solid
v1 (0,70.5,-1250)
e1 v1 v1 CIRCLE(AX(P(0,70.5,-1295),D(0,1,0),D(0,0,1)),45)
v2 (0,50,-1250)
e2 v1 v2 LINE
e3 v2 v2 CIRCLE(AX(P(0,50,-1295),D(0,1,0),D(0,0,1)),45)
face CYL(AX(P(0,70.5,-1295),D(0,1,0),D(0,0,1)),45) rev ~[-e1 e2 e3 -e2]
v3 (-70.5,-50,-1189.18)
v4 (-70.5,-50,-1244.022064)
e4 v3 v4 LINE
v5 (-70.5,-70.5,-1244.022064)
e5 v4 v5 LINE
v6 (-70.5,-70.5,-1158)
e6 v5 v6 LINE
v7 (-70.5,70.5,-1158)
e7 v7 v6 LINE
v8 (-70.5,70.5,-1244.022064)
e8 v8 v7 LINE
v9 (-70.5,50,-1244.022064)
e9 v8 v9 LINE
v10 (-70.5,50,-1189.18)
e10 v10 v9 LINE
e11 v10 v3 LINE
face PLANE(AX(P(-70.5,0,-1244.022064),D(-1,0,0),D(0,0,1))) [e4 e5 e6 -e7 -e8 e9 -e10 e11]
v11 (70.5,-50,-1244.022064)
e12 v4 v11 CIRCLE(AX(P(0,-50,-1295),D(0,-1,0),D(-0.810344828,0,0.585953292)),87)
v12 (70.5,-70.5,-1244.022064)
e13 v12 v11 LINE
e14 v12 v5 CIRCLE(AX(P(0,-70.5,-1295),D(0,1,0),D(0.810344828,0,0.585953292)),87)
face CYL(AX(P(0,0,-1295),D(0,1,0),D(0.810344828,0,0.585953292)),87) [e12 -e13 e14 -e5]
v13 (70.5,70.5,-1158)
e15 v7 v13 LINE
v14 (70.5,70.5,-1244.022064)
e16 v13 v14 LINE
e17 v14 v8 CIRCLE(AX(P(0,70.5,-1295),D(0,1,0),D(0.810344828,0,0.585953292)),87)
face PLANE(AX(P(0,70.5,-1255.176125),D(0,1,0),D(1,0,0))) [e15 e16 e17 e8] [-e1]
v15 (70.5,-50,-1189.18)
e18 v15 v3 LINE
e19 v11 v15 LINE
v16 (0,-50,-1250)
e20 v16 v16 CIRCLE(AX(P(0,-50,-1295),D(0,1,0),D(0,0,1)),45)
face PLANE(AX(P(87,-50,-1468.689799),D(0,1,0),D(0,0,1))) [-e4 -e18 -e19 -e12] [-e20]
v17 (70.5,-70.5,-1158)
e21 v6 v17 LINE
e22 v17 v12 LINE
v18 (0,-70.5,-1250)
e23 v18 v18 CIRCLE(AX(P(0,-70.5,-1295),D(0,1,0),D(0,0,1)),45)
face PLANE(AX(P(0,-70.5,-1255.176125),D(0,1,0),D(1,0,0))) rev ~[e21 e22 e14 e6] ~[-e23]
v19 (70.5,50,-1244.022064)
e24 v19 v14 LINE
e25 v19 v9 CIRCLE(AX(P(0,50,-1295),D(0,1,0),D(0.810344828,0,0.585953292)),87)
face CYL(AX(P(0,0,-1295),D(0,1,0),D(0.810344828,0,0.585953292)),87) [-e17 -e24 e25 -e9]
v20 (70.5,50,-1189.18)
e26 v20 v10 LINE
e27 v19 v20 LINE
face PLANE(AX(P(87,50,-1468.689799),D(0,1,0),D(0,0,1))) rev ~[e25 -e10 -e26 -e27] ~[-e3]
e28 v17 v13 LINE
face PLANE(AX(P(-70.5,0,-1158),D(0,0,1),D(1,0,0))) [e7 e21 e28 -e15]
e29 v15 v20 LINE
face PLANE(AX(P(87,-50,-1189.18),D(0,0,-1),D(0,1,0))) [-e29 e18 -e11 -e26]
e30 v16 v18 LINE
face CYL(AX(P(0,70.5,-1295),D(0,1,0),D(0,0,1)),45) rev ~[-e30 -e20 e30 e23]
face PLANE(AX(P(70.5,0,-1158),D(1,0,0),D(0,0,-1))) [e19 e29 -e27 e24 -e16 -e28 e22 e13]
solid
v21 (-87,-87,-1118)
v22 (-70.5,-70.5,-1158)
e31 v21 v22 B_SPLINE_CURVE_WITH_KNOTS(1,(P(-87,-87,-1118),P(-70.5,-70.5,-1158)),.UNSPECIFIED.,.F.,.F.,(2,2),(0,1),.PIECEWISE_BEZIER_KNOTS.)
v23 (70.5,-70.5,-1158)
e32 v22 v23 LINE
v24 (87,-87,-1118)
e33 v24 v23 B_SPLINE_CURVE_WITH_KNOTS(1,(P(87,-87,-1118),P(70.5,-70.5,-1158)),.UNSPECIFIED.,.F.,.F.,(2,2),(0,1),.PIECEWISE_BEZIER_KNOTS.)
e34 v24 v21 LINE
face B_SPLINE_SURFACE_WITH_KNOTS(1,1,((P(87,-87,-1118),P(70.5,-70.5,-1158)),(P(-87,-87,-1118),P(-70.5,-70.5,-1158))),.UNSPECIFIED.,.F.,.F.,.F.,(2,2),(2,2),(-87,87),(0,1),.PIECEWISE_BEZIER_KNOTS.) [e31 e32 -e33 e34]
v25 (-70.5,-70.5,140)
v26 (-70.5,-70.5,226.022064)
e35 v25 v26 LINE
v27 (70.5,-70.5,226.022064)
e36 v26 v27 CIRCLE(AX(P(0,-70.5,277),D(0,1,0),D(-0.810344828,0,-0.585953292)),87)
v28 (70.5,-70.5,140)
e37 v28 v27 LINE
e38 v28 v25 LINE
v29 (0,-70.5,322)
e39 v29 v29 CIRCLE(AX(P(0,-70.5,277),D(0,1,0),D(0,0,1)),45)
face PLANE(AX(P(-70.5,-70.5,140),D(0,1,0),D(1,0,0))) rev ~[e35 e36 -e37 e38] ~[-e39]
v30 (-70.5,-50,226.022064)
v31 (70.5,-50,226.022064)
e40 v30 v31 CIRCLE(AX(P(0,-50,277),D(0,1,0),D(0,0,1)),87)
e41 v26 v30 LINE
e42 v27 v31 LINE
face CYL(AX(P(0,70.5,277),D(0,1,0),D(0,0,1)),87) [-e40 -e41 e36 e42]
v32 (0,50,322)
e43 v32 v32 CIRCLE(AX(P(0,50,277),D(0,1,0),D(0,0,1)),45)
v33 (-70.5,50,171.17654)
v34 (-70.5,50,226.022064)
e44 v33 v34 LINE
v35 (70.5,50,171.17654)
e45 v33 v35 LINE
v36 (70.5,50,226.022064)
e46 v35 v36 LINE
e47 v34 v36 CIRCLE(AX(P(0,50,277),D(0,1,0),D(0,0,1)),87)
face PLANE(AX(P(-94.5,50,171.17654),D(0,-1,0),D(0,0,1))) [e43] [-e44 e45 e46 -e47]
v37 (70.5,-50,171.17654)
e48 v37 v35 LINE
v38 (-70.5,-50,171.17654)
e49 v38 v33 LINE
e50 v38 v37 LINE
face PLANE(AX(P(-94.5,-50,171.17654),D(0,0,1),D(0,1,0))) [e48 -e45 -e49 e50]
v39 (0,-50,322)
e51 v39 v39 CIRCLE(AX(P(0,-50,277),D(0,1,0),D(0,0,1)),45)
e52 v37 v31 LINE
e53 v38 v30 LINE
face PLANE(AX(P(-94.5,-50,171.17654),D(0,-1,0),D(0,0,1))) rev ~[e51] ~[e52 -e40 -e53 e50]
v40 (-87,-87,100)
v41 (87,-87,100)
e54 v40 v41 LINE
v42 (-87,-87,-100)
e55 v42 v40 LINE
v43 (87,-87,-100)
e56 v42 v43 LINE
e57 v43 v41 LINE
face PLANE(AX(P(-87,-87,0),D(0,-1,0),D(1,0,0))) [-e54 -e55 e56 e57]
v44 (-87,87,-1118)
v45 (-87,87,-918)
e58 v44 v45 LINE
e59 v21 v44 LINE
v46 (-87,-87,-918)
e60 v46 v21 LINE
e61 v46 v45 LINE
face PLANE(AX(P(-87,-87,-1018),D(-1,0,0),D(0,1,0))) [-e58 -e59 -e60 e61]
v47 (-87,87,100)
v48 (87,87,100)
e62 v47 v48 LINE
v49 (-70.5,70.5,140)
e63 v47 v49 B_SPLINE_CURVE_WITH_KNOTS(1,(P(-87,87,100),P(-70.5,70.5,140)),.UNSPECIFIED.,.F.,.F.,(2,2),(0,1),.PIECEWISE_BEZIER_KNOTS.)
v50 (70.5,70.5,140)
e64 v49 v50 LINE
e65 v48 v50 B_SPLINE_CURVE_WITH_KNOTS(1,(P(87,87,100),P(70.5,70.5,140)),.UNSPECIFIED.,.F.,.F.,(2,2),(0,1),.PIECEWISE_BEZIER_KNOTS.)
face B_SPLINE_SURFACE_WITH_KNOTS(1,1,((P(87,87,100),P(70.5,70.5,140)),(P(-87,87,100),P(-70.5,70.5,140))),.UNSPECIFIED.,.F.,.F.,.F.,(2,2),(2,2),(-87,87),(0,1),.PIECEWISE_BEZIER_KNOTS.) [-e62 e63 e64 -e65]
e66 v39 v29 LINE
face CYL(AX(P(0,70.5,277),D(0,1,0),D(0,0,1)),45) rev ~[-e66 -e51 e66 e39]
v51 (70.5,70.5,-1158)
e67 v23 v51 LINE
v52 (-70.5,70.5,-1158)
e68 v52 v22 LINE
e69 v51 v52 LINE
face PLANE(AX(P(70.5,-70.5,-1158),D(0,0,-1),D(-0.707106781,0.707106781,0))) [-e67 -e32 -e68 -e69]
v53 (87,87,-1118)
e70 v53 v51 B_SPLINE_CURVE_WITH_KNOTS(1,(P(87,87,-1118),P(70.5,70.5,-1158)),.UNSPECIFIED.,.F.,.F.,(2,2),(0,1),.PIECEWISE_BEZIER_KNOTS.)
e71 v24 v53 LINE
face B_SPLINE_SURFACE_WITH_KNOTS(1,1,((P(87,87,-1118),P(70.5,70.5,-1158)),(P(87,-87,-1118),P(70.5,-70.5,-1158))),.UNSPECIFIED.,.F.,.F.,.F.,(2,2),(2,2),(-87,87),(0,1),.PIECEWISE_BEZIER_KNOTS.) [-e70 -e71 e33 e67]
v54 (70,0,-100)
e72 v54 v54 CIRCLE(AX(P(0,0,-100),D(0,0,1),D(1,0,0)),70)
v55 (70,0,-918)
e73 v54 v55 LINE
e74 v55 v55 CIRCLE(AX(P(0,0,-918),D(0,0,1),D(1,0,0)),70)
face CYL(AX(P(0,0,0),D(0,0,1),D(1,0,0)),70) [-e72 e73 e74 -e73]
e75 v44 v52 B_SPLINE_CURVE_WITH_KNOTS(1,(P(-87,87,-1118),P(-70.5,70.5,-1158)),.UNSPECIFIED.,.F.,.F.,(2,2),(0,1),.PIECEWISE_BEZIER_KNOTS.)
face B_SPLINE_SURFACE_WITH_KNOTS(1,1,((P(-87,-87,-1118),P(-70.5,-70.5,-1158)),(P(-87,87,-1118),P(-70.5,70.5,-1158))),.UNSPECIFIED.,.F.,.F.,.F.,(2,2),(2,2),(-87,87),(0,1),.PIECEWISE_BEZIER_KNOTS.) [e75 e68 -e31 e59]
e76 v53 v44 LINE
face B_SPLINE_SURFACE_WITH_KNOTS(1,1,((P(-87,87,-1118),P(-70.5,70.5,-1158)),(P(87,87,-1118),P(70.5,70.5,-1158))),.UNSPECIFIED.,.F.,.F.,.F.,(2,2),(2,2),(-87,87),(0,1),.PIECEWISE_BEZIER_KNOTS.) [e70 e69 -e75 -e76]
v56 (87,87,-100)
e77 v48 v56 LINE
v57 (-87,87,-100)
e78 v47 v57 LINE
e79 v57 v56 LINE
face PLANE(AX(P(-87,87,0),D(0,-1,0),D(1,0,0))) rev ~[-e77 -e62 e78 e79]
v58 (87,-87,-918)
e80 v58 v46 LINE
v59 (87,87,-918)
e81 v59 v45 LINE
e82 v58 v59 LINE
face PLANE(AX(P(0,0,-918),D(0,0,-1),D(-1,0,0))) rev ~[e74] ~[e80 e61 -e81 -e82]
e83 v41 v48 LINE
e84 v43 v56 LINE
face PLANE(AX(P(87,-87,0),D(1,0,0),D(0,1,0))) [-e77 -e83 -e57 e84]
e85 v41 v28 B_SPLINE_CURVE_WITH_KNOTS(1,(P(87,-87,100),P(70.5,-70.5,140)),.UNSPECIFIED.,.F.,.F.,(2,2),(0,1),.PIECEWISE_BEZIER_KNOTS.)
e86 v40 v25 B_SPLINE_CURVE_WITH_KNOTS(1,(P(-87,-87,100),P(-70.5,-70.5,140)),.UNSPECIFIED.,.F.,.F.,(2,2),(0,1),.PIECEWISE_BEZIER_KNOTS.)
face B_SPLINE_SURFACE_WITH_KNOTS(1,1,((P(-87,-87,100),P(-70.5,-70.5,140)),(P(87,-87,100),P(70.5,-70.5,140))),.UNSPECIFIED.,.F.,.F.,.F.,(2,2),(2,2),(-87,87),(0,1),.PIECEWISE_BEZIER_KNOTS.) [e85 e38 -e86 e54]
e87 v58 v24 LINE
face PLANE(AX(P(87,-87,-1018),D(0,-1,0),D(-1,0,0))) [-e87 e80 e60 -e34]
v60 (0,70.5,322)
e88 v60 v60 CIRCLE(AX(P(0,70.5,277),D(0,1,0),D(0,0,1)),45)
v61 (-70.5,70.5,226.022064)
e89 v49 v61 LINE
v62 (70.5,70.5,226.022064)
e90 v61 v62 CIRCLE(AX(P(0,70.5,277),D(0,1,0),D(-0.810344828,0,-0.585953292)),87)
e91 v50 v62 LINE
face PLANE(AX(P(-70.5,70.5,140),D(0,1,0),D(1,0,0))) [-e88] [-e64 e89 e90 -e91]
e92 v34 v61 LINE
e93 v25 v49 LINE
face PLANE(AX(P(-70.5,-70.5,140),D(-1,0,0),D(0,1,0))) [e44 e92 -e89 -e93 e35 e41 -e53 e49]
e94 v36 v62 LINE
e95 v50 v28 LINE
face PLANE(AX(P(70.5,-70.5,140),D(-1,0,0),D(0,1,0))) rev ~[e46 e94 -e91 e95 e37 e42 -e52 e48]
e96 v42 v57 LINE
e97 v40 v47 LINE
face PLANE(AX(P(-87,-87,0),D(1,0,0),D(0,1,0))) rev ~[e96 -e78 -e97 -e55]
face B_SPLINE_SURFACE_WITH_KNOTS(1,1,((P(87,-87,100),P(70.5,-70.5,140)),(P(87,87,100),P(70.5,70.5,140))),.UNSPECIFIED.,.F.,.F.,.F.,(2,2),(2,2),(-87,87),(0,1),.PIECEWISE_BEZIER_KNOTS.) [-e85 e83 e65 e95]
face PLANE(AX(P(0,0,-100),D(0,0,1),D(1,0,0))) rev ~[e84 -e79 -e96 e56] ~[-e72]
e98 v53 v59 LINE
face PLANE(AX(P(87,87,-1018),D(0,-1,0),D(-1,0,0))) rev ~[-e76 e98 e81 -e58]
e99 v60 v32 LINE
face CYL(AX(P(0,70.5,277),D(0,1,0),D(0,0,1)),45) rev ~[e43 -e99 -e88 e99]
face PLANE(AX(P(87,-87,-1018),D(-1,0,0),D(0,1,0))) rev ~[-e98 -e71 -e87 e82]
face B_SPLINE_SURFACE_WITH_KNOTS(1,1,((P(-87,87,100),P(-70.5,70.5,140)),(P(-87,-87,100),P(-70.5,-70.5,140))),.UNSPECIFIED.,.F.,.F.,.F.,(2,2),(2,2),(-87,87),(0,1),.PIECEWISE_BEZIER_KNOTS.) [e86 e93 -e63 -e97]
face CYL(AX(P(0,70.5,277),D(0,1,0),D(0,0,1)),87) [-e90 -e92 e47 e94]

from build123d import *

# Parameters (mm, degrees)
SKETCH2_R                = 70
BOSS_EXTRUDE2_DEPTH      = 1018
SKETCH4_W                = 174
SKETCH4_H                = 174
BOSS_EXTRUDE3_DEPTH      = 100
SKETCH7_W                = 174
SKETCH7_H                = 174
BOSS_EXTRUDE4_DEPTH      = 100
SKETCH14_R               = 87
BOSS_EXTRUDE5_DEPTH      = 141
SKETCH16_R               = 45
CUT_EXTRUDE1_DEPTH       = 141
BOSS_EXTRUDE6_REACH      = 1305.818
BOSS_EXTRUDE6_END_RADIUS = 87
SKETCH17_W               = 141
SKETCH17_H               = 141
SKETCH23_W               = 196.221845396
SKETCH23_H               = 100
CUT_EXTRUDE2_DEPTH       = 201
BOSS_EXTRUDE7_DEPTH      = 70.5
SKETCH26_R               = 45
CUT_EXTRUDE3_DEPTH       = 141
CUT_EXTRUDE4_START       = -187.5
SKETCH28_W               = 279.509799424
SKETCH28_H               = 100
CUT_EXTRUDE4_DEPTH       = 174


with BuildPart() as part:
    # Sketch2 → Boss-Extrude2 (new body)
    with BuildSketch(Plane.XY):
        Circle(SKETCH2_R)
    extrude(amount=-BOSS_EXTRUDE2_DEPTH)

    # Sketch4 → Boss-Extrude3 (add, symmetric)
    with BuildSketch(Plane.XY):
        Rectangle(SKETCH4_W, SKETCH4_H)
    extrude(amount=BOSS_EXTRUDE3_DEPTH, both=True)

    # Sketch7 → Boss-Extrude4 (add, symmetric)
    with BuildSketch(Plane(origin=(0, 0, -1018), x_dir=(-1, 0, 0), z_dir=(0, 0, -1))):
        Rectangle(SKETCH7_W, SKETCH7_H)
    extrude(amount=BOSS_EXTRUDE4_DEPTH, both=True)

    # Sketch8 → section 1 of loft1
    with BuildSketch(Plane.XY.offset(140), mode=Mode.PRIVATE) as loft1_s1:
        with BuildLine():
            Line((-70.5, 70.5), (70.5, 70.5))
            Line((70.5, 70.5), (70.5, -70.5))
            Line((70.5, -70.5), (-70.5, -70.5))
            Line((-70.5, -70.5), (-70.5, 70.5))
        make_face()
    # loft from a face of the part (loft1)
    loft([part.faces().sort_by_distance((0, 0, 100))[0], loft1_s1.sketch])

    # Sketch10 → section 1 of loft8
    with BuildSketch(Plane(origin=(0, 0, -1158), x_dir=(-1, 0, 0), z_dir=(0, 0, -1)), mode=Mode.PRIVATE) as loft8_s1:
        with BuildLine():
            Line((-70.5, 70.5), (70.5, 70.5))
            Line((70.5, 70.5), (70.5, -70.5))
            Line((70.5, -70.5), (-70.5, -70.5))
            Line((-70.5, -70.5), (-70.5, 70.5))
        make_face()
    # loft from a face of the part (loft8)
    loft([part.faces().sort_by_distance((0, 0, -1118))[0], loft8_s1.sketch])



with BuildPart() as body_2:
    # Sketch14 → Boss-Extrude5 (new body)
    with BuildSketch(Plane(origin=(0, 70.5, 0), x_dir=(-1, 0, 0), z_dir=(0, 1, 0))):
        with Locations(Location((0, 277, 0), (0, 0, 90))):
            Circle(SKETCH14_R)
    extrude(amount=-BOSS_EXTRUDE5_DEPTH)

    # Sketch16 → Cut-Extrude1 (cut)
    with BuildSketch(Plane(origin=(0, 70.5, 0), x_dir=(1, 0, 0), z_dir=(0, 1, 0))):
        with Locations(Location((0, -277, 0), (0, 0, 270))):
            Circle(SKETCH16_R)
    extrude(amount=-CUT_EXTRUDE1_DEPTH, mode=Mode.SUBTRACT)


with BuildPart() as part_1:
    add(part.part)

    add(body_2.part)  # Boss-Extrude6 merges body 2
    # Boss-Extrude6: up to this cylinder (the profile starts outside it)
    boss_extrude6_end = Plane(origin=(0, 0, 277), z_dir=(0, 1, 0)) * Cylinder(BOSS_EXTRUDE6_END_RADIUS, 2786.636, mode=Mode.PRIVATE)
    # Sketch17 → Boss-Extrude6 (add, up to the surface)
    with BuildSketch(Plane.XY.offset(140), mode=Mode.PRIVATE) as boss_extrude6_sk1:
        Rectangle(SKETCH17_W, SKETCH17_H)
    boss_extrude6_tool1 = extrude(boss_extrude6_sk1.sketch, amount=BOSS_EXTRUDE6_REACH, mode=Mode.PRIVATE) - boss_extrude6_end
    add(boss_extrude6_tool1.solids().sort_by_distance((0, 0, 140))[0])

    # Sketch23 → Cut-Extrude2 (cut)
    with BuildSketch(Plane.ZY.offset(94.5)):
        with Locations((269.287462291, 0)):
            Rectangle(SKETCH23_W, SKETCH23_H)
    extrude(amount=-CUT_EXTRUDE2_DEPTH, mode=Mode.SUBTRACT)


with BuildPart() as body_2_2:
    # Sketch24 → Boss-Extrude7 (new, symmetric)
    with BuildSketch(Plane(origin=(0, 0, 0), x_dir=(1, 0, 0), z_dir=(0, 1, 0))):
        with BuildLine():
            Line((-70.5, 1158), (70.5, 1158))
            Line((70.5, 1158), (70.5, 1244.022063596))
            ThreePointArc((70.5, 1244.022063596), (0, 1382), (-70.5, 1244.022063596))
            Line((-70.5, 1244.022063596), (-70.5, 1158))
        make_face()
    extrude(amount=BOSS_EXTRUDE7_DEPTH, both=True)

    # Sketch26 → Cut-Extrude3 (cut)
    with BuildSketch(Plane(origin=(0, 70.5, 0), x_dir=(1, 0, 0), z_dir=(0, 1, 0))):
        with Locations(Location((0, 1295, 0), (0, 0, 270))):
            Circle(SKETCH26_R)
    extrude(amount=-CUT_EXTRUDE3_DEPTH, mode=Mode.SUBTRACT)

    # Sketch28 → Cut-Extrude4 (cut)
    with BuildSketch(Plane.ZY.offset(100.5).offset(CUT_EXTRUDE4_START)):
        with Locations((-1328.934899712, 0)):
            Rectangle(SKETCH28_W, SKETCH28_H)
    extrude(amount=CUT_EXTRUDE4_DEPTH, mode=Mode.SUBTRACT)


solid = Compound([part_1.part, body_2_2.part])
